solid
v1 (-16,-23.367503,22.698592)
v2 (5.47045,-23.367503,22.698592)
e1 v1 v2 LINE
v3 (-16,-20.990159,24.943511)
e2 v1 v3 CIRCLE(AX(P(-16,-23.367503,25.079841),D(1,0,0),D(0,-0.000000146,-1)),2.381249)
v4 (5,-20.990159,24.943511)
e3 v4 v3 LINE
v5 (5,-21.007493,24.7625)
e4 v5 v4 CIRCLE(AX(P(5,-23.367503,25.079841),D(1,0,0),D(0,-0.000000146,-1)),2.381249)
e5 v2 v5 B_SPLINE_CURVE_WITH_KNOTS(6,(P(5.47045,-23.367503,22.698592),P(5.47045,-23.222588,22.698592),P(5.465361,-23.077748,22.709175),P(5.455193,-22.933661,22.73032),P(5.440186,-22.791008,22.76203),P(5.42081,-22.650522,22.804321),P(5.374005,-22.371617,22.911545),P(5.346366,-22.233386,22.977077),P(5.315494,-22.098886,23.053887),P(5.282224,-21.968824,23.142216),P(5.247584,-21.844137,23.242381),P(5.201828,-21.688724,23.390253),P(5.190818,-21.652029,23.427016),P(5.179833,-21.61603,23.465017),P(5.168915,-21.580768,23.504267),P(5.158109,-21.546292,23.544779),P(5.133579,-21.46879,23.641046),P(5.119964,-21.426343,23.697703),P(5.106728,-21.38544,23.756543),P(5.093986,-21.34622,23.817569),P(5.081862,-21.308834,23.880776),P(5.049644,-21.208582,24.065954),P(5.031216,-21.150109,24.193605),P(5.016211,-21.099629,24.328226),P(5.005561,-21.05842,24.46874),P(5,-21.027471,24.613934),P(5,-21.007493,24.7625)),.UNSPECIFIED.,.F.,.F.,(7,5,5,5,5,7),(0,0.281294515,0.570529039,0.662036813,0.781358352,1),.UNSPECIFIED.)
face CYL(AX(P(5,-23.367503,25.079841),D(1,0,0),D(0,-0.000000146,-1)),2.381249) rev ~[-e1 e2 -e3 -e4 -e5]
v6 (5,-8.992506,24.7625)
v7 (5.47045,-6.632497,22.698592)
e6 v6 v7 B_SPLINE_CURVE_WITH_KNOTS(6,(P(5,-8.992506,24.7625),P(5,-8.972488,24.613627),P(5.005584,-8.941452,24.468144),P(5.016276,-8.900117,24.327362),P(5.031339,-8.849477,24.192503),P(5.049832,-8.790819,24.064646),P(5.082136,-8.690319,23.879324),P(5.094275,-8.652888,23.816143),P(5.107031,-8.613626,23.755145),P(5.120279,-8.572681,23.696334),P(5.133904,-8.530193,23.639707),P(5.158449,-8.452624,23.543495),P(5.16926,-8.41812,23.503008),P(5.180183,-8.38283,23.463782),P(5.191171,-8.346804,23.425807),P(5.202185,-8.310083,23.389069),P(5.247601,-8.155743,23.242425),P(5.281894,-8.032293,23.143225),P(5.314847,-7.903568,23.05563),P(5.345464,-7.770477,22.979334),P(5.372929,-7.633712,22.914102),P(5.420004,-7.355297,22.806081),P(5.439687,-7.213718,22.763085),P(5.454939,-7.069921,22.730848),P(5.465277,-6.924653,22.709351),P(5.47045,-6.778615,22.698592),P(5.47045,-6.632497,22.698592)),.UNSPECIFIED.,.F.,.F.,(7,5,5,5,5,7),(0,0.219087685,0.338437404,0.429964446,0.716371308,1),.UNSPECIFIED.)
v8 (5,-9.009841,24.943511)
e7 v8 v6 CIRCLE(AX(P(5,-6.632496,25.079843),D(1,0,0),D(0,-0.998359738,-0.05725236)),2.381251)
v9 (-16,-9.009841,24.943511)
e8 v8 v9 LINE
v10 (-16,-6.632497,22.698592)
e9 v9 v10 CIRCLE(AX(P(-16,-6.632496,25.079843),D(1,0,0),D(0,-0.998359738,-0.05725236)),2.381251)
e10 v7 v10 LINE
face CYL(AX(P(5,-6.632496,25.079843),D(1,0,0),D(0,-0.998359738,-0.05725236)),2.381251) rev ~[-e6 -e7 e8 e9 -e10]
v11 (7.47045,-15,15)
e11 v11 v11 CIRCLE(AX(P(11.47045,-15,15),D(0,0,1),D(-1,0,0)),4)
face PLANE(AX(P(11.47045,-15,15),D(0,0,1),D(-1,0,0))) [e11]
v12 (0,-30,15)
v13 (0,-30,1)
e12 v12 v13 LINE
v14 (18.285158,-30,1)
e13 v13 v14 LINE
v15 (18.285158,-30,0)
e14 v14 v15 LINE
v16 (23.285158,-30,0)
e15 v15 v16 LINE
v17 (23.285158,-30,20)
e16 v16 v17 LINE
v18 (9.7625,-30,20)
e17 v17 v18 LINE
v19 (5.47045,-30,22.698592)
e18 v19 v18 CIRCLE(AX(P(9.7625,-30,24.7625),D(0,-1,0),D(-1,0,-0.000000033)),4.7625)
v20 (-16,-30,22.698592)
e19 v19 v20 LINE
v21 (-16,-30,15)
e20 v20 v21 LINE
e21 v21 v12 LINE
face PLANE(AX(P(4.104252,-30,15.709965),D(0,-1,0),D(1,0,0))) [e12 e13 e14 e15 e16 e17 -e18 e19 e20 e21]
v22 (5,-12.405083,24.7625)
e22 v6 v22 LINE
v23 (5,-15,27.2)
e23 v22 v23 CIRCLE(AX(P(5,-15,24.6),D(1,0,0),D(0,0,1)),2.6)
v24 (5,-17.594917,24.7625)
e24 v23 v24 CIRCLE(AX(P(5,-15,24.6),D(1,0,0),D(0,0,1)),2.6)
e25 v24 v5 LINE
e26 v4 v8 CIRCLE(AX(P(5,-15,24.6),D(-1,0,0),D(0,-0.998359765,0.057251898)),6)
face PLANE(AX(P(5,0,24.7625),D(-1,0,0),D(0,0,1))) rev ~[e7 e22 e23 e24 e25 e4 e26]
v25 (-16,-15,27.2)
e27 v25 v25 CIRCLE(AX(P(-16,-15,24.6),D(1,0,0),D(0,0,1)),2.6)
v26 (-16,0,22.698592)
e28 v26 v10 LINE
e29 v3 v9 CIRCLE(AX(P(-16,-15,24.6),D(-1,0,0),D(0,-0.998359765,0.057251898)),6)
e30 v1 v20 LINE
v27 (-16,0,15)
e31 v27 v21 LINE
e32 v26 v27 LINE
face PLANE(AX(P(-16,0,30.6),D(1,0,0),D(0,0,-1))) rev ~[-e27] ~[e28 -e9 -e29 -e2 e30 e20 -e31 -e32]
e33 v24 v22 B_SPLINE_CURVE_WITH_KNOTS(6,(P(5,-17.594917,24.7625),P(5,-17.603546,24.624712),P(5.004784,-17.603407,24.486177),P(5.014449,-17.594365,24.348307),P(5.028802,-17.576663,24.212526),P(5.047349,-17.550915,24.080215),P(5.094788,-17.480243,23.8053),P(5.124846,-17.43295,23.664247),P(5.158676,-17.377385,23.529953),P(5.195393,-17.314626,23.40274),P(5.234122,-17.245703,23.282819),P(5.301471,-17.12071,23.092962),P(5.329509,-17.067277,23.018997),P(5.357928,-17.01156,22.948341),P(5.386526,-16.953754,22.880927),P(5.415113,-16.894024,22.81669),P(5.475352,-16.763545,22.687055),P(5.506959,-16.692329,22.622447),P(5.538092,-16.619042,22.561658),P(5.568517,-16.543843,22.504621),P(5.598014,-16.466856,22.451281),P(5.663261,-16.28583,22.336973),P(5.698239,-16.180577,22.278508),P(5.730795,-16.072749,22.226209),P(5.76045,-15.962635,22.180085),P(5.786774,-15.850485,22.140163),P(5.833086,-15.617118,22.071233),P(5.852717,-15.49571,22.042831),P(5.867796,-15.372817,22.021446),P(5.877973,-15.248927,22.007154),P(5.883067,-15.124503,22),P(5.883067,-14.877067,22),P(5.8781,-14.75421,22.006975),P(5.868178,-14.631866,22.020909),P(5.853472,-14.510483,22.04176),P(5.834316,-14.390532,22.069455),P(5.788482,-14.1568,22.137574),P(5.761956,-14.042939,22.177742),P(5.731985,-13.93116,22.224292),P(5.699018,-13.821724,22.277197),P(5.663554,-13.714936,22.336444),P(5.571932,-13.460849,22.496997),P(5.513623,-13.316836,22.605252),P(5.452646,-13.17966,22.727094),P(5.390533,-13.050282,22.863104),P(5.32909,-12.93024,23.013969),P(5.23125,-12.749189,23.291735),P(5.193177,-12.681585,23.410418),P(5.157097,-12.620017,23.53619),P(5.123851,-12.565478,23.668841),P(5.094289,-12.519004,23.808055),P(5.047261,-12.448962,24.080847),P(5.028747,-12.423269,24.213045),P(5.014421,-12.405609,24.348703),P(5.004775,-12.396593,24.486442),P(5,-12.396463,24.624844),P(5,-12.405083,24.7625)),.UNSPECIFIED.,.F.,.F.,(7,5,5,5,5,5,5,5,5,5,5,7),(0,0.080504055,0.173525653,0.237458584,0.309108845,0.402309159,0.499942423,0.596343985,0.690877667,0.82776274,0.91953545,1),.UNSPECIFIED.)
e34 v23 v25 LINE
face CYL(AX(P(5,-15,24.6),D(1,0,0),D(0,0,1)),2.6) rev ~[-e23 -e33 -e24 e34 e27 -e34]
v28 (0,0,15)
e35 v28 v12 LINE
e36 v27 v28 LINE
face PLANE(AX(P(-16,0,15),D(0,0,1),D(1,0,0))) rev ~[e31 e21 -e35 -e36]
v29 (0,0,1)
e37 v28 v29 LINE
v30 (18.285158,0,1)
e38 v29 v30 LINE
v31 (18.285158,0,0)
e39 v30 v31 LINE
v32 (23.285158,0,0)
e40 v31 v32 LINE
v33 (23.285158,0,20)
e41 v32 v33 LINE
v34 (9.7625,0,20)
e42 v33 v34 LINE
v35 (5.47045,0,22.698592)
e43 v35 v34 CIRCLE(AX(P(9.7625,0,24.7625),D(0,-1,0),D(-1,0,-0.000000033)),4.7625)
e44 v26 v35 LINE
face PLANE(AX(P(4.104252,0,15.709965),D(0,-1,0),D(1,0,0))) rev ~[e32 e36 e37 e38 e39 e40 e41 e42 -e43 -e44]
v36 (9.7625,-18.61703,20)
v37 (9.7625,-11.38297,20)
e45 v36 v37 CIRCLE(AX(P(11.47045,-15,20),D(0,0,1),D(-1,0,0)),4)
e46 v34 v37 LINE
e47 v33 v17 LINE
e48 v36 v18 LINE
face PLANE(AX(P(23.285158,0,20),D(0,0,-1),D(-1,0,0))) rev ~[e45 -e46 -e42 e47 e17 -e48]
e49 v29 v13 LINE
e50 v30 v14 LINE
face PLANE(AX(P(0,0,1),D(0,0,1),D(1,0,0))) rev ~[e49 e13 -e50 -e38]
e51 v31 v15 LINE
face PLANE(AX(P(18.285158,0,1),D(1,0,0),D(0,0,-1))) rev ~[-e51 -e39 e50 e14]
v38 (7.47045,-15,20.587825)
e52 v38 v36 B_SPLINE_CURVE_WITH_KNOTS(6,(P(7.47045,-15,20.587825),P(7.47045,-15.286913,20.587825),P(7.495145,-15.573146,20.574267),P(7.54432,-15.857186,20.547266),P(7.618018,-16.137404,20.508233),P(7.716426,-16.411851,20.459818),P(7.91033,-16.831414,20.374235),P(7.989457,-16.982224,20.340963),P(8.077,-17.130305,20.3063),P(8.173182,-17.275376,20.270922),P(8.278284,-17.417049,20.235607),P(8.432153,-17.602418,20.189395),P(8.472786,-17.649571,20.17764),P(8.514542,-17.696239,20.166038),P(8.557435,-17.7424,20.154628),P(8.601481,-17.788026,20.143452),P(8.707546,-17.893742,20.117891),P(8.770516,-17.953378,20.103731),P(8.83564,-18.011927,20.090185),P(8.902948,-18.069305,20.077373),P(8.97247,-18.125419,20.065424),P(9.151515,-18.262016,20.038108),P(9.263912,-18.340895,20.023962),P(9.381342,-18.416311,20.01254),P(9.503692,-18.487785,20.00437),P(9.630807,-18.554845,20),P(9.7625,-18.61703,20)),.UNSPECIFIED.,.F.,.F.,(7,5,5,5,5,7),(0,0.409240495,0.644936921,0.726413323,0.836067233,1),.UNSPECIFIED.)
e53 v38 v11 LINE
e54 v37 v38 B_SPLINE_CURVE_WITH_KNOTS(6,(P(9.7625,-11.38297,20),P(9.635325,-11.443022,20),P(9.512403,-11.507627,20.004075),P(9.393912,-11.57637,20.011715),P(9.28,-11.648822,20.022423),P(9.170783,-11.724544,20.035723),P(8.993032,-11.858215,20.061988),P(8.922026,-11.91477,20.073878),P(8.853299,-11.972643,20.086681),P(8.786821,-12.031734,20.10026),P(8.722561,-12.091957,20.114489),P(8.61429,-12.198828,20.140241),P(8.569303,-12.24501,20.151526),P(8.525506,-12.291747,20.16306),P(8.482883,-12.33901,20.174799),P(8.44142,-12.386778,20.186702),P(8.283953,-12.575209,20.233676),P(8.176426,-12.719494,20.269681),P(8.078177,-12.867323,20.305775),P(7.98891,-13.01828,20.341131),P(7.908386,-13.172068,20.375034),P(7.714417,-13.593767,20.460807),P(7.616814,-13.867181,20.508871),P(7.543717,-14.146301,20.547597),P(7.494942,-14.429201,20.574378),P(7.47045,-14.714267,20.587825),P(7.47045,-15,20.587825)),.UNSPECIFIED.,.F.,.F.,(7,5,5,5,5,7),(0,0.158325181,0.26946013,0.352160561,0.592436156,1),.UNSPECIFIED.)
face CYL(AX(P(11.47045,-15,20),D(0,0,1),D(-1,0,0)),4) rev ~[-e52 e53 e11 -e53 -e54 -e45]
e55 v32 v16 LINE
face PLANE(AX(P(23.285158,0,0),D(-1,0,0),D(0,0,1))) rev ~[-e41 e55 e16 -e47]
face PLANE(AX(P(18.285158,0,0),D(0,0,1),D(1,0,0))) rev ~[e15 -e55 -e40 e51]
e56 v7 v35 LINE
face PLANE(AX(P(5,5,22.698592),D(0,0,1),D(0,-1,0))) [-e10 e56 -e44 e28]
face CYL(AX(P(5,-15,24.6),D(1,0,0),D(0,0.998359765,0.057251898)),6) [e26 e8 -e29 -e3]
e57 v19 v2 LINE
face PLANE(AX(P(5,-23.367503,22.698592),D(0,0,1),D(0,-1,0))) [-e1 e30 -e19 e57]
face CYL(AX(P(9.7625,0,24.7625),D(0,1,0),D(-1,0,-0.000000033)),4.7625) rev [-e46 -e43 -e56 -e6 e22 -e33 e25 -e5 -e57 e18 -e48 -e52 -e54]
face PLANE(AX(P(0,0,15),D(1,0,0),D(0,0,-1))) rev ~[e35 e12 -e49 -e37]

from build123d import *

# Parameters (mm, degrees)
PAD003_DEPTH         = 30
POCKET001_DEPTH      = 21.001
POCKET001_DEPTH_BACK = 18.286158
SKETCH010_R          = 2.6
POCKET002_DEPTH      = 21.001
POCKET002_DEPTH_BACK = 18.286158
SKETCH011_R          = 4
POCKET003_DEPTH      = 5
POCKET003_DEPTH_BACK = 100


with BuildPart() as part:
    # Sketch008 → Pad003 (new body)
    with BuildSketch(Plane.XZ):
        with BuildLine():
            Line((-16, 15), (0, 15))
            Line((0, 15), (0, 1))
            Line((0, 1), (18.285158, 1))
            Line((18.285158, 1), (18.285158, 0))
            Line((18.285158, 0), (23.285158, 0))
            Line((23.285158, 0), (23.285158, 20))
            Line((23.285158, 20), (9.7625, 20))
            ThreePointArc((5, 24.7625), (6.394904, 21.394904), (9.7625, 20))
            Line((5, 24.7625), (5, 30.6))
            Line((5, 30.6), (-16, 30.6))
            Line((-16, 30.6), (-16, 15))
        make_face()
    extrude(amount=PAD003_DEPTH)

    # Sketch009 (on Face1 of Pad003) → Pocket001 (cut, two sides)
    with BuildSketch(Plane(origin=(5, 0, 0), x_dir=(0, 0, 1), z_dir=(1, 0, 0))) as pocket001_sk:
        with BuildLine():
            ThreePointArc((24.943511, 9.009841), (30.6, 15), (24.943511, 20.990159))
            ThreePointArc((22.698592, 23.367503), (23.348515, 21.732615), (24.943511, 20.990159))
            Line((22.698592, 23.367503), (22.698592, 35))
            Line((22.698592, 35), (35.6, 35))
            Line((35.6, 35), (35.6, -5))
            Line((35.6, -5), (22.698592, -5))
            Line((22.698592, -5), (22.698592, 6.632497))
            ThreePointArc((24.943511, 9.009841), (23.348515, 8.267384), (22.698592, 6.632497))
        make_face()
    extrude(amount=-POCKET001_DEPTH, mode=Mode.SUBTRACT)
    extrude(pocket001_sk.sketch, amount=POCKET001_DEPTH_BACK, mode=Mode.SUBTRACT)

    # Sketch010 (on Face1 of Pocket001) → Pocket002 (cut, two sides)
    with BuildSketch(Plane(origin=(5, 0, 0), x_dir=(0, 0, 1), z_dir=(1, 0, 0))) as pocket002_sk:
        with Locations((24.6, 15)):
            Circle(SKETCH010_R)
    extrude(amount=-POCKET002_DEPTH, mode=Mode.SUBTRACT)
    extrude(pocket002_sk.sketch, amount=POCKET002_DEPTH_BACK, mode=Mode.SUBTRACT)

    # Sketch011 (on Face12 of Pocket002) → Pocket003 (cut, two sides)
    with BuildSketch(Plane(origin=(0, 0, 20), x_dir=(-1, 0, 0), z_dir=(0, 0, 1))) as pocket003_sk:
        with Locations((-11.47045, 15)):
            Circle(SKETCH011_R)
    extrude(amount=-POCKET003_DEPTH, mode=Mode.SUBTRACT)
    extrude(pocket003_sk.sketch, amount=POCKET003_DEPTH_BACK, mode=Mode.SUBTRACT)


solid = part.part
